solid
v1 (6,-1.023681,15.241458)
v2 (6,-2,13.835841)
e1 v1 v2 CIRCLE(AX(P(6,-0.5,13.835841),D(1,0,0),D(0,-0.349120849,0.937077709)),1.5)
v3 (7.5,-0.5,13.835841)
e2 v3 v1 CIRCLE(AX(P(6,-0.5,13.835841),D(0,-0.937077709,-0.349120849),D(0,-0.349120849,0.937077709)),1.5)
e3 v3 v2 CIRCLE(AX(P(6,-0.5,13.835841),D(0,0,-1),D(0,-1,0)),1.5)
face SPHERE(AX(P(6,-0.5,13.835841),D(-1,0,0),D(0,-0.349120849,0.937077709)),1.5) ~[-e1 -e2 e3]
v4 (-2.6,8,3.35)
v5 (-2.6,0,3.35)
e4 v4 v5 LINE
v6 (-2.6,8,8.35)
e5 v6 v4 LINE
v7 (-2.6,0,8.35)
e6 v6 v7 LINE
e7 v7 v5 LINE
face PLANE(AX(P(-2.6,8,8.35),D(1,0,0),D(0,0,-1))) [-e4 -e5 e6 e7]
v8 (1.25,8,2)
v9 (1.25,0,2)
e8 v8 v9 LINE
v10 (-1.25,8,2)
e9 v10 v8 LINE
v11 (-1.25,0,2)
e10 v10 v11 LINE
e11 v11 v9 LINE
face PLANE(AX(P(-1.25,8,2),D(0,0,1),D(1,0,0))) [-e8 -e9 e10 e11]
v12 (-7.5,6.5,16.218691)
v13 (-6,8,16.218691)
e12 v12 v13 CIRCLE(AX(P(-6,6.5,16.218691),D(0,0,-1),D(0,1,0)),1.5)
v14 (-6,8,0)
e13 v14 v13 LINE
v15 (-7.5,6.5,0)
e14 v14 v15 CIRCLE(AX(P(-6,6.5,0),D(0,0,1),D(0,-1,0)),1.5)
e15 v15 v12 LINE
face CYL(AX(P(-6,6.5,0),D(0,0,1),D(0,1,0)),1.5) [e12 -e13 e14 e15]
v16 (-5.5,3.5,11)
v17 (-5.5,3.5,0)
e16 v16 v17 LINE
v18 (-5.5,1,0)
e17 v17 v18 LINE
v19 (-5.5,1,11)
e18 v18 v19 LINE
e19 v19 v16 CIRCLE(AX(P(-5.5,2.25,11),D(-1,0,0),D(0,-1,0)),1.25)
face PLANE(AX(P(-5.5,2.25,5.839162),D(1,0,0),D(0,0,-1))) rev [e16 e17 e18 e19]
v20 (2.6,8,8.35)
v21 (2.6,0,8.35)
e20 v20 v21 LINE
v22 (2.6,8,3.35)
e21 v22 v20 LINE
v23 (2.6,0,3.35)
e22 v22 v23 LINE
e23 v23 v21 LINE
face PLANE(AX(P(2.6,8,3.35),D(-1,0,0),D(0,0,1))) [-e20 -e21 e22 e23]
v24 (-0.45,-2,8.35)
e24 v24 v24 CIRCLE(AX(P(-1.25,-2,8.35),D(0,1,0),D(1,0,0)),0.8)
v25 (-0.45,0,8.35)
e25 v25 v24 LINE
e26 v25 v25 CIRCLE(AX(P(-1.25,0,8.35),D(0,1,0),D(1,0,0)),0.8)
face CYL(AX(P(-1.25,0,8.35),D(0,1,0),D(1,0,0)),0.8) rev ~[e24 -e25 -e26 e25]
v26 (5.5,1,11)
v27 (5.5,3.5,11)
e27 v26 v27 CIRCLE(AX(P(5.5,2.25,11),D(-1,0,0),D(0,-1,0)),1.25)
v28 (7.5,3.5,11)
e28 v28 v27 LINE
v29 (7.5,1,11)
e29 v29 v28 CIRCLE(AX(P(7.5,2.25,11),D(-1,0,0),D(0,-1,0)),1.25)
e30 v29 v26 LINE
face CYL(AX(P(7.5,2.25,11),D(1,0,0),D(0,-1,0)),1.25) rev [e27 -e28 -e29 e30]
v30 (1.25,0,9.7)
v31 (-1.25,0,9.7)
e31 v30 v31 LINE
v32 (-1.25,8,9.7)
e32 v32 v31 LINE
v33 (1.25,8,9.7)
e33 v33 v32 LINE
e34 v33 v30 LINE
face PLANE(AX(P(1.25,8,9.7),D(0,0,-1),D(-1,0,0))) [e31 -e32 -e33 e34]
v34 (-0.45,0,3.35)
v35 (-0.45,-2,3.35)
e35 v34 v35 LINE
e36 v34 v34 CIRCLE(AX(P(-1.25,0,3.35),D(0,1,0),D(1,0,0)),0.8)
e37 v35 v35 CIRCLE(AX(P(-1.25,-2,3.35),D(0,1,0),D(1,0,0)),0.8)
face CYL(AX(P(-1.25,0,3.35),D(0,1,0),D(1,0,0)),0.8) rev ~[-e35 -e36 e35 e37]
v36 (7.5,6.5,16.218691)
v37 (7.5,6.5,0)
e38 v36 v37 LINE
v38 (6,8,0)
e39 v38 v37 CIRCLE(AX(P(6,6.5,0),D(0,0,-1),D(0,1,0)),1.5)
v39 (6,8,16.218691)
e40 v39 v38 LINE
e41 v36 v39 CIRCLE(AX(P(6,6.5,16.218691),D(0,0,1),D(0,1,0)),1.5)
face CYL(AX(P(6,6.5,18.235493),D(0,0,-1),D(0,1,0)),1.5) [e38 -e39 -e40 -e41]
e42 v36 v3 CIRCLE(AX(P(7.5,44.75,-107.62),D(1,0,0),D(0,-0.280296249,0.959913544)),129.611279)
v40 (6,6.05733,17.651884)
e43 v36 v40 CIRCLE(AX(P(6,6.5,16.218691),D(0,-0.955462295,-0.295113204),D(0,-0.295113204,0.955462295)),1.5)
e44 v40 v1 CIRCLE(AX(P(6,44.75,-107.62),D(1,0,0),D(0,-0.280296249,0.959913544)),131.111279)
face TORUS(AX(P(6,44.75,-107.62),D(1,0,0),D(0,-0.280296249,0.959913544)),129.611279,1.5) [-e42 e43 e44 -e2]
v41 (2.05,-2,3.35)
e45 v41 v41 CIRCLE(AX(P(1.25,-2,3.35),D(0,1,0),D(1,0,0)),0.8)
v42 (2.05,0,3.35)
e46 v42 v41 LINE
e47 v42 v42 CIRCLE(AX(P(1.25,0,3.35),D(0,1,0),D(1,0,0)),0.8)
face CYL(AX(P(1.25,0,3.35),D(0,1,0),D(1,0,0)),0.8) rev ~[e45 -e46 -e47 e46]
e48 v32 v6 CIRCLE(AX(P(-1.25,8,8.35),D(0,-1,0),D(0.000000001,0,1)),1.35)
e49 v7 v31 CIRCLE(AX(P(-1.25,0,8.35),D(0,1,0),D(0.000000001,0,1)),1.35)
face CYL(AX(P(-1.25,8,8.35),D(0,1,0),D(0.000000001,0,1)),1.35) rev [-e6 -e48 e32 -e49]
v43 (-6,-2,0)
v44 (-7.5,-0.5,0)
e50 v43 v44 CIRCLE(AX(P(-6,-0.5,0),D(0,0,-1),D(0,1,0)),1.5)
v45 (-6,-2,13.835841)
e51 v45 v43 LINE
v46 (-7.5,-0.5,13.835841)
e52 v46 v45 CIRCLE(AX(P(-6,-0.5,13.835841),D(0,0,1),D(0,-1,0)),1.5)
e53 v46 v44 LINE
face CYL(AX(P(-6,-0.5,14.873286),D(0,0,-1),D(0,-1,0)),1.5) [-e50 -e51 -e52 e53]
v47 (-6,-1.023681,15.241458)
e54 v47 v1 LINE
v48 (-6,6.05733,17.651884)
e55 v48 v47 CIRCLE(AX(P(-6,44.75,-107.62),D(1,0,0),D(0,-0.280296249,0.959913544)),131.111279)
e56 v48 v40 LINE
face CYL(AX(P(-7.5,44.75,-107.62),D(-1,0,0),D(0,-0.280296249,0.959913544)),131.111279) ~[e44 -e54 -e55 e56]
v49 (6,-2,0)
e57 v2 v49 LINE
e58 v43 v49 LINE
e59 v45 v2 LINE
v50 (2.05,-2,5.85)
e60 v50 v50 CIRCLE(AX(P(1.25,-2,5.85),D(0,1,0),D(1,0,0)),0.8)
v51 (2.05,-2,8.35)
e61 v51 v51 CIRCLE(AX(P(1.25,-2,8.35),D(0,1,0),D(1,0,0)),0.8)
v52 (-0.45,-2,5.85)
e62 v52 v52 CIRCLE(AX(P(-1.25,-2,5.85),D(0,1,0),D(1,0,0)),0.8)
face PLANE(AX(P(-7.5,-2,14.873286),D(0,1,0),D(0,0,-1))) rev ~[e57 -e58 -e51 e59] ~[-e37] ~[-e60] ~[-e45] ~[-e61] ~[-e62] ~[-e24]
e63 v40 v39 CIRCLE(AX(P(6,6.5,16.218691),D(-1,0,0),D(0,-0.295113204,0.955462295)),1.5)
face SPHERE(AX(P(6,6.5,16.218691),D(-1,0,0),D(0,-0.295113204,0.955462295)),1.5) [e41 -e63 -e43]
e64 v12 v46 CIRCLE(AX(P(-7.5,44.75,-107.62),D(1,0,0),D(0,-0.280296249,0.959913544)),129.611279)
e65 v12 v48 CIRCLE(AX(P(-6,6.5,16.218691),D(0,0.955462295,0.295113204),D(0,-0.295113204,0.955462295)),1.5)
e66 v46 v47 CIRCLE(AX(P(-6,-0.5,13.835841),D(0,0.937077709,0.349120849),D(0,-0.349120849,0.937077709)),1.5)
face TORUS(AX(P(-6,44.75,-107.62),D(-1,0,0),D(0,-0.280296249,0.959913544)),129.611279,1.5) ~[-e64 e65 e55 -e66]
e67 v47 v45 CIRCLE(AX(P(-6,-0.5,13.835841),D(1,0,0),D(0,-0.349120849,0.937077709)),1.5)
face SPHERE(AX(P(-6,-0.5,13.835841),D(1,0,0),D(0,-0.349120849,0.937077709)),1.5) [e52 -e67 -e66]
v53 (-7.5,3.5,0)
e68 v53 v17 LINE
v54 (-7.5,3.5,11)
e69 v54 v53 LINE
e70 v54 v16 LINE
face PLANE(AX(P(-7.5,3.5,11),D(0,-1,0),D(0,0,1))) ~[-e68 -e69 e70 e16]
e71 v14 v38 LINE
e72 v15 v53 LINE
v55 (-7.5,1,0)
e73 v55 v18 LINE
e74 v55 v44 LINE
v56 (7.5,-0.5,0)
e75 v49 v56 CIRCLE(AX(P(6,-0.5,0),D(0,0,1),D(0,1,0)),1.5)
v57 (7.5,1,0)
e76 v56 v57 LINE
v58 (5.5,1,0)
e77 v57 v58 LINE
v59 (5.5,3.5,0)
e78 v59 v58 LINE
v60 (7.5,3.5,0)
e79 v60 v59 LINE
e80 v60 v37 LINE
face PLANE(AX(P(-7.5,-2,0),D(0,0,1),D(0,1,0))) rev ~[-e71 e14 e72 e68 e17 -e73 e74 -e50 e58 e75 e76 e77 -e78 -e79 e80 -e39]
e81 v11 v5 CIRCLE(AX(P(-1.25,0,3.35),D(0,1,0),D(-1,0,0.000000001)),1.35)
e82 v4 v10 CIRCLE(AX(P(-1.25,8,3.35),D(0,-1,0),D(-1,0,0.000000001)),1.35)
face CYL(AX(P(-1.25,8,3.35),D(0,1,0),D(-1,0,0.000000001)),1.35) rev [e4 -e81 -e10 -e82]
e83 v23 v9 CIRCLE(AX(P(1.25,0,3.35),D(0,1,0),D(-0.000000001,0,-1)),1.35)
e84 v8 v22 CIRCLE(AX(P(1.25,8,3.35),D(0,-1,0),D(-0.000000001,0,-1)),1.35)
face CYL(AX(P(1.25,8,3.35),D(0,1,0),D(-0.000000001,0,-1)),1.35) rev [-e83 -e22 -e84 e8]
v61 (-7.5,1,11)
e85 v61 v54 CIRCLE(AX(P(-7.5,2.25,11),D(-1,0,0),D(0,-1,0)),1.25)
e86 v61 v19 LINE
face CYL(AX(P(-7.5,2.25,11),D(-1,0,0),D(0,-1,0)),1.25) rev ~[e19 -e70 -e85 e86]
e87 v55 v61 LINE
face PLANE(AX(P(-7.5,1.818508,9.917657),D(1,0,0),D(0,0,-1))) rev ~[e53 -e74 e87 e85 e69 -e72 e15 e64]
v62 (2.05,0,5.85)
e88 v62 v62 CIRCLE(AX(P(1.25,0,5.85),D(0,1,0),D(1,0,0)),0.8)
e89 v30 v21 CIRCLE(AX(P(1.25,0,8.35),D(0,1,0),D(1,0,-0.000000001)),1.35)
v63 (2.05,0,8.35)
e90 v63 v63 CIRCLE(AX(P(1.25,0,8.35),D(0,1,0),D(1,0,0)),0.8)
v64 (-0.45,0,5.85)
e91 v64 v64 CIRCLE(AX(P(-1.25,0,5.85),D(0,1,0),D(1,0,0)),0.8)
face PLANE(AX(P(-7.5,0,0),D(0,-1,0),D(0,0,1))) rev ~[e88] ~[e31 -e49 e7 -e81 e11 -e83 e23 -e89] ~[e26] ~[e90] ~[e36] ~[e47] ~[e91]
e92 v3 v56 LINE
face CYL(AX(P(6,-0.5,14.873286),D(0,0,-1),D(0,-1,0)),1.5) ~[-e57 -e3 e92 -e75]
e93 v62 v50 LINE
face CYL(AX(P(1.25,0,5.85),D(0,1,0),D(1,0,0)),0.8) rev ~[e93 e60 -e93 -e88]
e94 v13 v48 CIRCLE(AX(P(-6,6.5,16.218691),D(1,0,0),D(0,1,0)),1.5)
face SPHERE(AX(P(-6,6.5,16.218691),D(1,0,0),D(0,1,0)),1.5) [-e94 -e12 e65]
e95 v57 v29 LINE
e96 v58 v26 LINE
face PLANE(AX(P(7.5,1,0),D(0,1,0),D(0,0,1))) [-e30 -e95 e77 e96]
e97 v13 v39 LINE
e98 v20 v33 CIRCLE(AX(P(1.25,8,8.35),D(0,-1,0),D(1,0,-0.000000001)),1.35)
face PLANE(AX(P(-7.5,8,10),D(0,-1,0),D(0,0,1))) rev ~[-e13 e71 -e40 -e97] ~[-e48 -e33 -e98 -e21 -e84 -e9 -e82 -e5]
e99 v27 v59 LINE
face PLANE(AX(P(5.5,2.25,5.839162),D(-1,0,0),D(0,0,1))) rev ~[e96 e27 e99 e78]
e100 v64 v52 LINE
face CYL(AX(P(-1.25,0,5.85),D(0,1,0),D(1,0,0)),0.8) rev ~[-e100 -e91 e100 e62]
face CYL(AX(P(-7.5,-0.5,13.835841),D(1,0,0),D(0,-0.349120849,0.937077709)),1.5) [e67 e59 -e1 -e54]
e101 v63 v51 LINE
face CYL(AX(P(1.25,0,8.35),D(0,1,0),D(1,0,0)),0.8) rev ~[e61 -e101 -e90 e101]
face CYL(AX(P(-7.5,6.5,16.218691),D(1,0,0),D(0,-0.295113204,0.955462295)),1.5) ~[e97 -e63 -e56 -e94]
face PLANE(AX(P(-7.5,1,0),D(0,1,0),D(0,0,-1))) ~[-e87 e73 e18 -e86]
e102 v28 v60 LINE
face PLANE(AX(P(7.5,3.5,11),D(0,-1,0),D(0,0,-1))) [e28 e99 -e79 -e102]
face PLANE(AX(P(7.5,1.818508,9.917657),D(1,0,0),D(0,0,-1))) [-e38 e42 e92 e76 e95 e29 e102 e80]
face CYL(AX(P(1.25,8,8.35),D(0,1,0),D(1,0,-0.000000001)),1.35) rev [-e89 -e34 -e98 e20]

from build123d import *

# Parameters (mm, degrees)
SKETCH1_W               = 15
SKETCH1_H               = 8
BOSS_EXTRUDE1_DEPTH     = 10
CUT_EXTRUDE1_DEPTH      = 9
BOSS_EXTRUDE2_DEPTH     = 15
CUT_EXTRUDE2_DEPTH      = 2
SKETCH6_R               = 0.8
CUT_EXTRUDE3_DEPTH      = 9
CUT_EXTRUDE3_DEPTH_BACK = 3
FILLET1_R               = 1.5


with BuildPart() as part:
    # Sketch1 → Boss-Extrude1 (new body)
    with BuildSketch(Plane.XY):
        with Locations((0, 4)):
            Rectangle(SKETCH1_W, SKETCH1_H)
    extrude(amount=BOSS_EXTRUDE1_DEPTH)

    # Sketch2 → Cut-Extrude1 (cut, through all)
    with BuildSketch(Plane(origin=(0, 8, 0), x_dir=(1, 0, 0), z_dir=(0, 1, 0))):
        with BuildLine():
            Line((-1.25, -2), (1.25, -2))
            ThreePointArc((1.25, -2), (2.204594155, -2.395405845), (2.6, -3.35))
            Line((2.6, -3.35), (2.6, -8.35))
            ThreePointArc((2.6, -8.35), (2.204594155, -9.304594155), (1.25, -9.7))
            Line((1.25, -9.7), (-1.25, -9.7))
            ThreePointArc((-1.25, -9.7), (-2.204594155, -9.304594155), (-2.6, -8.35))
            Line((-2.6, -8.35), (-2.6, -3.35))
            ThreePointArc((-2.6, -3.35), (-2.204594155, -2.395405845), (-1.25, -2))
        make_face()
    extrude(amount=-CUT_EXTRUDE1_DEPTH, mode=Mode.SUBTRACT)

    # Sketch3 → Boss-Extrude2 (add)
    with BuildSketch(Plane(origin=(-7.5, 0, 0), x_dir=(0, 0, -1), z_dir=(1, 0, 0))):
        with BuildLine():
            ThreePointArc((-18.235493239, 8), (-16.655013859, 2.966168092), (-14.873286259, -2))
            Line((-14.873286259, -2), (0, -2))
            Line((0, -2), (0, 0))
            Line((0, 0), (-10, 0))
            Line((-10, 0), (-10, 8))
            Line((-10, 8), (-15.107085438, 8))
            Line((-15.107085438, 8), (-18.235493239, 8))
        make_face()
    extrude(amount=BOSS_EXTRUDE2_DEPTH)

    # Sketch5 → Cut-Extrude2 (cut)
    with BuildSketch(Plane(origin=(7.5, 0, 0), x_dir=(0, 0, -1), z_dir=(1, 0, 0))):
        with BuildLine():
            Line((0, 1), (-11, 1))
            ThreePointArc((-11, 1), (-12.25, 2.25), (-11, 3.5))
            Line((-11, 3.5), (0, 3.5))
            Line((0, 3.5), (0, 1))
        make_face()
    cut_extrude2 = extrude(amount=-CUT_EXTRUDE2_DEPTH, mode=Mode.SUBTRACT)

    # Mirror1: Cut-Extrude2 across plane
    add(cut_extrude2.mirror(Plane(origin=(0, 0, 0), x_dir=(0, 0, 1), z_dir=(1, 0, 0))), mode=Mode.SUBTRACT)

    # Sketch6 → Cut-Extrude3 (cut, two sides)
    with BuildSketch(Plane(origin=(0, 0, 0), x_dir=(1, 0, 0), z_dir=(0, 1, 0))) as cut_extrude3_sk:
        with Locations((-1.25, -3.35)):
            Circle(SKETCH6_R)
        with Locations((1.25, -3.35)):
            Circle(SKETCH6_R)
        with Locations((1.25, -5.85)):
            Circle(SKETCH6_R)
        with Locations((1.25, -8.35)):
            Circle(SKETCH6_R)
        with Locations((-1.25, -5.85)):
            Circle(SKETCH6_R)
        with Locations((-1.25, -8.35)):
            Circle(SKETCH6_R)
    extrude(amount=CUT_EXTRUDE3_DEPTH, mode=Mode.SUBTRACT)
    extrude(cut_extrude3_sk.sketch, amount=-CUT_EXTRUDE3_DEPTH_BACK, mode=Mode.SUBTRACT)

    # Fillet1
    fillet1_edges = [part.edges().sort_by_distance(p)[0] for p in [
        (-7.5, -2, 7.436643129),
        (0, -2, 14.873286259),
        (-7.5, 2.966168092, 16.655013859),
        (0, 8, 18.235493239),
        (7.5, 2.966168092, 16.655013859),
        (7.5, -2, 7.436643129),
        (-7.5, 8, 9.11774662),
        (7.5, 8, 9.11774662),
    ]]
    fillet(fillet1_edges, radius=FILLET1_R)


solid = part.part
